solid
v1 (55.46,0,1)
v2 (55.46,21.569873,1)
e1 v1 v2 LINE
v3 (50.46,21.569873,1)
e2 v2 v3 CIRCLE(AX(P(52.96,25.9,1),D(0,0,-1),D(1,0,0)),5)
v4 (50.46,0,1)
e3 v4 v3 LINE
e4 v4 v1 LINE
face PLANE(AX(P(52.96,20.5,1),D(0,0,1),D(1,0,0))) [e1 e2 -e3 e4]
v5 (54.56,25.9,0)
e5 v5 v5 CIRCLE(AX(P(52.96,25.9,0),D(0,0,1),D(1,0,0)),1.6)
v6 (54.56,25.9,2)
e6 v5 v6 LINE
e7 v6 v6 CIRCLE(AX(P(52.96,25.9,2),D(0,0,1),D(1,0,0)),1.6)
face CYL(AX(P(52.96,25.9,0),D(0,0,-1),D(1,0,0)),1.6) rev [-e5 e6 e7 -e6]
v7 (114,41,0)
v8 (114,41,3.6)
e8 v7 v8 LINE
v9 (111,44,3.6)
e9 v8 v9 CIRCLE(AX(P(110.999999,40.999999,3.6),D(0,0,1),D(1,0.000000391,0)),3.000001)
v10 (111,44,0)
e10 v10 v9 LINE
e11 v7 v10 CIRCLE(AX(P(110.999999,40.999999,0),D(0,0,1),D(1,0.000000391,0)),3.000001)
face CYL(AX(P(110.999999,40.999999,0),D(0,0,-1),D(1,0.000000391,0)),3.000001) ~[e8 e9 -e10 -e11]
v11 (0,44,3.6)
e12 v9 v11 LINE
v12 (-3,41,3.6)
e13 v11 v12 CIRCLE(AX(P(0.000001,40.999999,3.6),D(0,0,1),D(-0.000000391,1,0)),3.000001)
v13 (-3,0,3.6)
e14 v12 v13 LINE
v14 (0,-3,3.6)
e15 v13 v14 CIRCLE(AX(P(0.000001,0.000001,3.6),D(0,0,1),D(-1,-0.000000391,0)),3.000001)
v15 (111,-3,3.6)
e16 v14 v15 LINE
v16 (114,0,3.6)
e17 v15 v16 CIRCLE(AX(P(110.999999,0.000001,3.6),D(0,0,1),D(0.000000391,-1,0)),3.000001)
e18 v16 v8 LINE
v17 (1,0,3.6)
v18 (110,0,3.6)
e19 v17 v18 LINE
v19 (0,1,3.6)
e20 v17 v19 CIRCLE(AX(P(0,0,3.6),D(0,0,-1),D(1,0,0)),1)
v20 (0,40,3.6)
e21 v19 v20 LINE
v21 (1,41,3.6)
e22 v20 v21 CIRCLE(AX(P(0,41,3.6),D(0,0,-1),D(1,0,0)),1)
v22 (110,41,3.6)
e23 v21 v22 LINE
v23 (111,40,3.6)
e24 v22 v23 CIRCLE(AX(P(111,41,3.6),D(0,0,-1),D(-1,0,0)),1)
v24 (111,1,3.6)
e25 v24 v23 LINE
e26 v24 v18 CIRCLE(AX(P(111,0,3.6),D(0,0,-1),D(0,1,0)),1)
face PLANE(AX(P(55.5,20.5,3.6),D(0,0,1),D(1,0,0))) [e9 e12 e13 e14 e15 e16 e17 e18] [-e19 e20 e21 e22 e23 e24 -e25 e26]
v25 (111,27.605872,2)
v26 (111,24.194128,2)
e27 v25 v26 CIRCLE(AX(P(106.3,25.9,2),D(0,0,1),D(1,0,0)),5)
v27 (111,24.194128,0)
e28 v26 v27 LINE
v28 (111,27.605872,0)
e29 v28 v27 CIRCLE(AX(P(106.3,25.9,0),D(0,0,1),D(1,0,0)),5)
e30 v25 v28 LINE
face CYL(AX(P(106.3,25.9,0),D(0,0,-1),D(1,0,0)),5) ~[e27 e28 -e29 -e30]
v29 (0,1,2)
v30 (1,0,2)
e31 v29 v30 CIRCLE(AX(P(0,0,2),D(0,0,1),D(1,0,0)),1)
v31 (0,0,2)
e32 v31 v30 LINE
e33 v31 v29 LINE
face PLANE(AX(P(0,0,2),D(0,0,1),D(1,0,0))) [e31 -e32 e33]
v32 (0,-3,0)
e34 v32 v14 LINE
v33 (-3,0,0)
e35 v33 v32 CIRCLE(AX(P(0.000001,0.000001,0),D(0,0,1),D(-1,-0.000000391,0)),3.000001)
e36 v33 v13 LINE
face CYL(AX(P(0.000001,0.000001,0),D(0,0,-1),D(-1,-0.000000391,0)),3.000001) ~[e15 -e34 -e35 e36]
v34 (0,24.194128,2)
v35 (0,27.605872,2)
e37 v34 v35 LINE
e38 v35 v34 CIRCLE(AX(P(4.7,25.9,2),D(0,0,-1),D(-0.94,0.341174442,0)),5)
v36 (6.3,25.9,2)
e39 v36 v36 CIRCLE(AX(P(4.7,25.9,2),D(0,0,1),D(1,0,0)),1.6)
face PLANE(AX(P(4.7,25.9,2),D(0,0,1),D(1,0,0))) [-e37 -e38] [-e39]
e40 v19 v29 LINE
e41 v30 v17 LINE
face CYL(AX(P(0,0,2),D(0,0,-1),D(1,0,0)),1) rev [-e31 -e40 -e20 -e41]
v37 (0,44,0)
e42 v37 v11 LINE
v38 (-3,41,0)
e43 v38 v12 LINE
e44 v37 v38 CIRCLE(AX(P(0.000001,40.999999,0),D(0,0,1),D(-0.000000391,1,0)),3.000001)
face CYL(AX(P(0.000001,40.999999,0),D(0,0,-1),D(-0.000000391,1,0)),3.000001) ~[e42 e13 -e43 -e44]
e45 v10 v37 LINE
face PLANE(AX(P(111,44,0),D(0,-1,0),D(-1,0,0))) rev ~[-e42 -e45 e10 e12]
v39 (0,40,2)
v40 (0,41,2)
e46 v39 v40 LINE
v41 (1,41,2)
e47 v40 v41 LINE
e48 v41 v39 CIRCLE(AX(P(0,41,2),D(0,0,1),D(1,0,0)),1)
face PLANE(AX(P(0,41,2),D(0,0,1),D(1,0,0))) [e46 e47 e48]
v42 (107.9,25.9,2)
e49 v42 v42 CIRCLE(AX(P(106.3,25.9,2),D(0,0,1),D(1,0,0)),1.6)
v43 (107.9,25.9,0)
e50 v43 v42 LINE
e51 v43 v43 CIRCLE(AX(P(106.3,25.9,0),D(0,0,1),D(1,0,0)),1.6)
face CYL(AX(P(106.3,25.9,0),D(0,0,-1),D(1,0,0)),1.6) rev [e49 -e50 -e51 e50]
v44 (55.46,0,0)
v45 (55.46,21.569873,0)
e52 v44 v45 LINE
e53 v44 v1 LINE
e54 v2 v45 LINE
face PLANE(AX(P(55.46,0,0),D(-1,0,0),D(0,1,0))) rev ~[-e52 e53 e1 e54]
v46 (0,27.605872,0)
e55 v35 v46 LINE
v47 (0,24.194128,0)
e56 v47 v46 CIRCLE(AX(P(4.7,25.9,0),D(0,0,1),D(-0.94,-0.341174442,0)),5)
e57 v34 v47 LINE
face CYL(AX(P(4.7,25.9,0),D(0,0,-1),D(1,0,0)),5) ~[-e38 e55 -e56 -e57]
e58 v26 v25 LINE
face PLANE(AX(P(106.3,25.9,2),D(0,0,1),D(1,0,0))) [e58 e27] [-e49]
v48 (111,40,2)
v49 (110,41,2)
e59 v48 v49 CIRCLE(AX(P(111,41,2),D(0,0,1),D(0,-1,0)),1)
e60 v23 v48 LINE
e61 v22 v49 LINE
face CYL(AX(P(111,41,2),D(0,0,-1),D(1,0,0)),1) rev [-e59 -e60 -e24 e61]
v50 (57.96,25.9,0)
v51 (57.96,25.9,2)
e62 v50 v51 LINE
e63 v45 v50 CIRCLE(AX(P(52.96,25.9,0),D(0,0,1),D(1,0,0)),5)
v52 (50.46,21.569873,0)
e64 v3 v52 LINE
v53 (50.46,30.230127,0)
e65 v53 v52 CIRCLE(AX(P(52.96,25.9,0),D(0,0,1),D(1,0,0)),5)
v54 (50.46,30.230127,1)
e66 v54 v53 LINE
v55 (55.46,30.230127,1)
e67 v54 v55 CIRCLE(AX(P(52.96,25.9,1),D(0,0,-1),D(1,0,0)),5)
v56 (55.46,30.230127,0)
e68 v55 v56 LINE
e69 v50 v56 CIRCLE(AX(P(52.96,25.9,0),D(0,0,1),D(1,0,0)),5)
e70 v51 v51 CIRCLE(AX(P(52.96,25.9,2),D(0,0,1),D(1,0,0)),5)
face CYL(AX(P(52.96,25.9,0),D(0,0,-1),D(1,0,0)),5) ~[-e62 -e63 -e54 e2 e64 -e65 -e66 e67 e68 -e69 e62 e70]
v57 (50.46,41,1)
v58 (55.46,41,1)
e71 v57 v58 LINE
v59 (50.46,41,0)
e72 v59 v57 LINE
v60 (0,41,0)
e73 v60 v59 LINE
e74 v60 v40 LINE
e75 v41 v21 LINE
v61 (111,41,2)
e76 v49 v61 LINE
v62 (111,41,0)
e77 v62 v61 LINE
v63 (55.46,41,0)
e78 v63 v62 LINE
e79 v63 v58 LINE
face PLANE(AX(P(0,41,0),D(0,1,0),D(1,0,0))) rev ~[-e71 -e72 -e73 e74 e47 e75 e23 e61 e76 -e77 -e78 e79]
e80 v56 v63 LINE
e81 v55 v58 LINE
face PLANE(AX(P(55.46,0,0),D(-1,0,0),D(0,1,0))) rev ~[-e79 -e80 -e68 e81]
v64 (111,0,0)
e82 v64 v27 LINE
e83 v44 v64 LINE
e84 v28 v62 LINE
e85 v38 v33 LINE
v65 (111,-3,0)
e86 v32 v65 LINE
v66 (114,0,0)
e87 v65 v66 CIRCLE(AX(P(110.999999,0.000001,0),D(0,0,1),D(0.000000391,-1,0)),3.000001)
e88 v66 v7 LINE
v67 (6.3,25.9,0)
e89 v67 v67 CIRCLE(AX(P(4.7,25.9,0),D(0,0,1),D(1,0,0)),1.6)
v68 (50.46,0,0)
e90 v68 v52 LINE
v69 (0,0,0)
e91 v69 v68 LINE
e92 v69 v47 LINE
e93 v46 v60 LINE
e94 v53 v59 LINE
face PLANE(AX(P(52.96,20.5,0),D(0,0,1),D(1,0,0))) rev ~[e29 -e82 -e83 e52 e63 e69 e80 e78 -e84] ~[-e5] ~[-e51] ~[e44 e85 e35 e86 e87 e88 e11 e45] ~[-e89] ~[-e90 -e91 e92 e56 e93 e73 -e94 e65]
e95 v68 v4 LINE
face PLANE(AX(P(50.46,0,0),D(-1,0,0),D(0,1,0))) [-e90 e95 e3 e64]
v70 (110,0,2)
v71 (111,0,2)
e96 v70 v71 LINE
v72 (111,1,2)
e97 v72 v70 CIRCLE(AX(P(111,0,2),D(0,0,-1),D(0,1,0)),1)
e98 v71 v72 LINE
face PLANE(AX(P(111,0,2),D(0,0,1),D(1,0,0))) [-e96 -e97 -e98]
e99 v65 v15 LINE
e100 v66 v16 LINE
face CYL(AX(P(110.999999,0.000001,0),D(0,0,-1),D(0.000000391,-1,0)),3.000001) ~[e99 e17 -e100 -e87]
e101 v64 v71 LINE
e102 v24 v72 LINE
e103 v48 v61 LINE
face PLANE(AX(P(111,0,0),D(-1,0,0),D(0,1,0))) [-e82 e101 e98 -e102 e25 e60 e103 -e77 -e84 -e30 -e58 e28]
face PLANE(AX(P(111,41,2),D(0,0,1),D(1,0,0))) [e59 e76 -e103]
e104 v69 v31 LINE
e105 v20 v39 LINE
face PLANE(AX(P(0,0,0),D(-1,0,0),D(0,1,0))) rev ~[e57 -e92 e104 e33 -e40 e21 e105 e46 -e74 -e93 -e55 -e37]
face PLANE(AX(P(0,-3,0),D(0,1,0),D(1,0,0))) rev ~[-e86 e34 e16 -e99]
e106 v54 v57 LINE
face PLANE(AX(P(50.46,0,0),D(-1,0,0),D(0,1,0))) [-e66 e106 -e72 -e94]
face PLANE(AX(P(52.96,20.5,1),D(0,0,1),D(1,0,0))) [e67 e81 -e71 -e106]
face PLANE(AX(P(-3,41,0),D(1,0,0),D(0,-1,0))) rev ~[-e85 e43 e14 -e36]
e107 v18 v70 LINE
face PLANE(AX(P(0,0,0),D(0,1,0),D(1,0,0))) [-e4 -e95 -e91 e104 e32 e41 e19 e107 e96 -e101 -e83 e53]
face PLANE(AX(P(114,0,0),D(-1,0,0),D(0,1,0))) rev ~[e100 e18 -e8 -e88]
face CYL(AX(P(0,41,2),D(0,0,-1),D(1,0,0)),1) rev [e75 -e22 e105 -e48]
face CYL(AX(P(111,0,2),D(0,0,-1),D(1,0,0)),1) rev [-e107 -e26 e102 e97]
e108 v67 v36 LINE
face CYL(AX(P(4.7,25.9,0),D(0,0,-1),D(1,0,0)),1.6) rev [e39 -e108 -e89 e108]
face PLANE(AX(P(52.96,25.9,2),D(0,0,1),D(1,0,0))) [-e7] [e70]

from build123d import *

# Parameters (mm, degrees)
SKETCH005_W     = 111
SKETCH005_H     = 41
PAD002_DEPTH    = 3.6
SKETCH006_R     = 5
SKETCH006_R_2   = 1.6
PAD003_DEPTH    = 2
SKETCH007_R     = 1
POCKET001_DEPTH = 5
SKETCH008_W     = 5
SKETCH008_H     = 41
SKETCH008_R     = 1.6
PAD004_DEPTH    = 1


with BuildPart() as part:
    # Sketch005 → Pad002 (new body)
    with BuildSketch(Plane.XY):
        with BuildLine():
            Line((0, -3), (111, -3))
            ThreePointArc((111, -3), (113.12132, -2.12132), (114, 0))
            Line((114, 0), (114, 41))
            ThreePointArc((114, 41), (113.12132, 43.12132), (111, 44))
            Line((111, 44), (0, 44))
            ThreePointArc((0, 44), (-2.12132, 43.12132), (-3, 41))
            Line((-3, 41), (-3, 0))
            ThreePointArc((-3, 0), (-2.12132, -2.12132), (0, -3))
        make_face()
        with Locations((55.5, 20.5)):
            Rectangle(SKETCH005_W, SKETCH005_H, mode=Mode.SUBTRACT)
    extrude(amount=PAD002_DEPTH)

    # Sketch006 → Pad003 (join)
    with BuildSketch(Plane.XY):
        with Locations((4.7, 25.9)):
            Circle(SKETCH006_R)
        with Locations((4.7, 25.9)):
            Circle(SKETCH006_R_2, mode=Mode.SUBTRACT)
        with Locations((106.3, 25.9)):
            Circle(SKETCH006_R)
        with Locations((106.3, 25.9)):
            Circle(SKETCH006_R_2, mode=Mode.SUBTRACT)
        with Locations((52.96, 25.9)):
            Circle(SKETCH006_R)
        with Locations((52.96, 25.9)):
            Circle(SKETCH006_R_2, mode=Mode.SUBTRACT)
    extrude(amount=PAD003_DEPTH)

    # Sketch007 → Pocket001 (cut)
    with BuildSketch(Plane.XY.offset(2)):
        with Locations((0, 41)):
            Circle(SKETCH007_R)
        with Locations((111, 41)):
            Circle(SKETCH007_R)
        with Locations((111, 0)):
            Circle(SKETCH007_R)
        Circle(SKETCH007_R)
    extrude(amount=POCKET001_DEPTH, mode=Mode.SUBTRACT)

    # Sketch008 → Pad004 (join)
    with BuildSketch(Plane.XY):
        with Locations((52.96, 20.5)):
            Rectangle(SKETCH008_W, SKETCH008_H)
        with Locations((52.96, 25.9)):
            Circle(SKETCH008_R, mode=Mode.SUBTRACT)
    extrude(amount=PAD004_DEPTH)


solid = part.part
